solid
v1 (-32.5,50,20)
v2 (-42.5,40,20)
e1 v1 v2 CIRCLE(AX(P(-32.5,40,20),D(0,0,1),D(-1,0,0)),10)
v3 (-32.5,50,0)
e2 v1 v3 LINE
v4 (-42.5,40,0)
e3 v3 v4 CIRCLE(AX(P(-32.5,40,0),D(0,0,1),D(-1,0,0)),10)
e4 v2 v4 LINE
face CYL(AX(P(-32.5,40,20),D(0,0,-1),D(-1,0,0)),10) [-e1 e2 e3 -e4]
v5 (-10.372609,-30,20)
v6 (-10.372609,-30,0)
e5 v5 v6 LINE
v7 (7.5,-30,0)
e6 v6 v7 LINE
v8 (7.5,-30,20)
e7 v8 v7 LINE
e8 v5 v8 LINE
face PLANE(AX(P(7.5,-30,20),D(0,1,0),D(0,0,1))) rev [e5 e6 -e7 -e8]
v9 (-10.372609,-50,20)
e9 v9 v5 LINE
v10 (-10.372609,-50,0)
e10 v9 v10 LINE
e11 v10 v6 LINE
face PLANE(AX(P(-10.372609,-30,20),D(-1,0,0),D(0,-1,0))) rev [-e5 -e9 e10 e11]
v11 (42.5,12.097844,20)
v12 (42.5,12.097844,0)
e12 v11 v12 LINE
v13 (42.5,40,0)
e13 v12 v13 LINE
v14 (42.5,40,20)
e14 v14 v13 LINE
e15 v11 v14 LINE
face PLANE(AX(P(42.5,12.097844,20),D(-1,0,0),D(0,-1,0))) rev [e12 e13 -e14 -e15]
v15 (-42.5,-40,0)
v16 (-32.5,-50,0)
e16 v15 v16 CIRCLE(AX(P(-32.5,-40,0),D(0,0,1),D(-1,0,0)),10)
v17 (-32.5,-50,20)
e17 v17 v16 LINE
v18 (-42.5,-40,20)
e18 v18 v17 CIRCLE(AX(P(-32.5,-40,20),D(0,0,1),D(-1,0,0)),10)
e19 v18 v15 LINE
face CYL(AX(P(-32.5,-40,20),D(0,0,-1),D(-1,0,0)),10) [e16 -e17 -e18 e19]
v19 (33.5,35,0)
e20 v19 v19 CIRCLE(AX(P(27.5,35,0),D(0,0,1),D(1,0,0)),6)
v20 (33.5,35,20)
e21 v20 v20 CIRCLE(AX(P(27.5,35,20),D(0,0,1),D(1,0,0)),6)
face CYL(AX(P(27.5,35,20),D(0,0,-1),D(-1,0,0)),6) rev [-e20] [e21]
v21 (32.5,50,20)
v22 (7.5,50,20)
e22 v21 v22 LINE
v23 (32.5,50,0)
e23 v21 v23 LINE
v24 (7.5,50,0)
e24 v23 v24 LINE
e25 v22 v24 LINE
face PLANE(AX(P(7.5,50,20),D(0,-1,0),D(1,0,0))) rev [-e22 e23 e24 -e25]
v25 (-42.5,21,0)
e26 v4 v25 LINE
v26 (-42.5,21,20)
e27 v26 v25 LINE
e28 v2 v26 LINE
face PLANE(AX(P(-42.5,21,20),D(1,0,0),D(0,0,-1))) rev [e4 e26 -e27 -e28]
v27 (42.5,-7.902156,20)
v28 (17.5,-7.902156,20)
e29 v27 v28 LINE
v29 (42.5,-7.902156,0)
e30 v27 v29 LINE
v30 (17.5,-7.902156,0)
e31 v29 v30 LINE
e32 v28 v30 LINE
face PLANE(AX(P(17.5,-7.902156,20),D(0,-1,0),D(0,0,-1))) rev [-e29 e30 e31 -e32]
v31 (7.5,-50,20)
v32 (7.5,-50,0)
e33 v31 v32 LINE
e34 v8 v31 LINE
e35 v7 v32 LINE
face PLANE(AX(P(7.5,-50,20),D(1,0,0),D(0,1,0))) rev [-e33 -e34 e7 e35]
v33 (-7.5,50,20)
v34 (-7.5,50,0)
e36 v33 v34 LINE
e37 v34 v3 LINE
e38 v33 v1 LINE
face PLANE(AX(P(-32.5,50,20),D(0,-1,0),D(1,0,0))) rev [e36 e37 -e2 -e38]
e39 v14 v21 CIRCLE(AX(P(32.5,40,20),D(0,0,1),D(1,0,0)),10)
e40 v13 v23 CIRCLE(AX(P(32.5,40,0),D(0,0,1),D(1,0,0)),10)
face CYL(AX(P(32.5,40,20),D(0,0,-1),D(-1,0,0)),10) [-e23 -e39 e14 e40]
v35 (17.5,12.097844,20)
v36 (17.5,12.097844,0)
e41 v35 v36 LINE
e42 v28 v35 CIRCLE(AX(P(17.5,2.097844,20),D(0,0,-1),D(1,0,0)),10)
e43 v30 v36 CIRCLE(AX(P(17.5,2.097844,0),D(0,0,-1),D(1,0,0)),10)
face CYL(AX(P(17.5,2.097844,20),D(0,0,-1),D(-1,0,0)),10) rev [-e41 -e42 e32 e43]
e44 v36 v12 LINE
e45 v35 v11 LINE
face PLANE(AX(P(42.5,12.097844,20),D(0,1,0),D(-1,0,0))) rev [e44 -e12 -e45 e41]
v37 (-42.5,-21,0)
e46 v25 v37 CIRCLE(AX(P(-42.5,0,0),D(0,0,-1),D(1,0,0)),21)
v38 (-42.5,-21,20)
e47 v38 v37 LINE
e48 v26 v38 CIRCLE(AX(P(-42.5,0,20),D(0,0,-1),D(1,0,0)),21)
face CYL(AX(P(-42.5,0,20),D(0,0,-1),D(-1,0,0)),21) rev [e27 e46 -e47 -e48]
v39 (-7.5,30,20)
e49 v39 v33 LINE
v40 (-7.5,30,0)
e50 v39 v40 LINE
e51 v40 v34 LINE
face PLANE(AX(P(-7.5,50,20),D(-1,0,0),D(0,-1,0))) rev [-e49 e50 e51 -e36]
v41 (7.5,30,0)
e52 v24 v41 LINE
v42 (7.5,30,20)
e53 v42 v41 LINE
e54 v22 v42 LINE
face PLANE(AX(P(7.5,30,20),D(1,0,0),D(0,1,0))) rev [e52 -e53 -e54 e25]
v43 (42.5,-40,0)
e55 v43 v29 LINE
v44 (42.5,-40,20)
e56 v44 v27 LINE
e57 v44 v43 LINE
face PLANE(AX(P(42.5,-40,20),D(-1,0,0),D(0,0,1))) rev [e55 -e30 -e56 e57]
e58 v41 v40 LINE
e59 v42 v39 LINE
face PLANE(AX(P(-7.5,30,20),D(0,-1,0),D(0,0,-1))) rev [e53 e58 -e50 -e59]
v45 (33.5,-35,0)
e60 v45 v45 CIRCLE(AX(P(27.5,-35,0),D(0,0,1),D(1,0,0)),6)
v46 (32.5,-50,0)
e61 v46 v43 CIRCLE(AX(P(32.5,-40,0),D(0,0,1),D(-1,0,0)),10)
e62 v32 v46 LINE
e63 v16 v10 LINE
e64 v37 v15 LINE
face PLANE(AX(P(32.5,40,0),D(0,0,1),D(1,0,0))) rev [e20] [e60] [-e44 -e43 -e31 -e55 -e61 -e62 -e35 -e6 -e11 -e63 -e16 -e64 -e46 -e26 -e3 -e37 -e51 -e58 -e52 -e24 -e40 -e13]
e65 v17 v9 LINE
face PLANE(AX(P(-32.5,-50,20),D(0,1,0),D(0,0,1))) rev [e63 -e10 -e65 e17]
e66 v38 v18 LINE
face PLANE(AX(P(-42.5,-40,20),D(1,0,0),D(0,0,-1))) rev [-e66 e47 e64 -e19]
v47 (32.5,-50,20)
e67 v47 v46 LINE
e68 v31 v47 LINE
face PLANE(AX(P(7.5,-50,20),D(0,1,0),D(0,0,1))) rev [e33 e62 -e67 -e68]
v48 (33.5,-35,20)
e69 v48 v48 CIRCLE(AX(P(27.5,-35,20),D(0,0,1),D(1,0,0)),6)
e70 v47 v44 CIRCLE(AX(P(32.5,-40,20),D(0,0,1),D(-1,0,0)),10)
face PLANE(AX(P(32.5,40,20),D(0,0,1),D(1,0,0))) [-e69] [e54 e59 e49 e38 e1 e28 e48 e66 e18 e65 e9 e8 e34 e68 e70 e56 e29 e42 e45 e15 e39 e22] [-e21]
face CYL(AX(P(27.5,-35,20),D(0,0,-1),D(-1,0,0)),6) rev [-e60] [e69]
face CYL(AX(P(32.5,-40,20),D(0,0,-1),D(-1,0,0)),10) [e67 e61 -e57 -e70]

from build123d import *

# Parameters (mm, degrees)
SKETCH1_R           = 6
BOSS_EXTRUDE1_DEPTH = 20


with BuildPart() as part:
    # Sketch1 → Boss-Extrude1 (new body)
    with BuildSketch(Plane.XY):
        with BuildLine():
            Line((-7.5, 50), (-7.5, 30))
            Line((-7.5, 30), (7.5, 30))
            Line((7.5, 30), (7.5, 50))
            Line((7.5, 50), (32.5, 50))
            ThreePointArc((32.5, 50), (39.571067812, 47.071067812), (42.5, 40))
            Line((42.5, 40), (42.5, 12.097843739))
            Line((42.5, 12.097843739), (17.5, 12.097843739))
            ThreePointArc((17.5, 12.097843739), (7.5, 2.097843739), (17.5, -7.902156261))
            Line((17.5, -7.902156261), (42.5, -7.902156261))
            Line((42.5, -7.902156261), (42.5, -40))
            ThreePointArc((42.5, -40), (39.571067812, -47.071067812), (32.5, -50))
            Line((32.5, -50), (7.5, -50))
            Line((7.5, -50), (7.5, -30))
            Line((7.5, -30), (-10.372609166, -30))
            Line((-10.372609166, -30), (-10.372609166, -50))
            Line((-10.372609166, -50), (-32.5, -50))
            ThreePointArc((-32.5, -50), (-39.571067812, -47.071067812), (-42.5, -40))
            Line((-42.5, -40), (-42.5, -21))
            ThreePointArc((-42.5, -21), (-21.5, 0), (-42.5, 21))
            Line((-42.5, 21), (-42.5, 40))
            ThreePointArc((-42.5, 40), (-39.571067812, 47.071067812), (-32.5, 50))
            Line((-32.5, 50), (-7.5, 50))
        make_face()
        with Locations((27.5, 35)):
            Circle(SKETCH1_R, mode=Mode.SUBTRACT)
        with Locations((27.5, -35)):
            Circle(SKETCH1_R, mode=Mode.SUBTRACT)
    extrude(amount=BOSS_EXTRUDE1_DEPTH)


solid = part.part
